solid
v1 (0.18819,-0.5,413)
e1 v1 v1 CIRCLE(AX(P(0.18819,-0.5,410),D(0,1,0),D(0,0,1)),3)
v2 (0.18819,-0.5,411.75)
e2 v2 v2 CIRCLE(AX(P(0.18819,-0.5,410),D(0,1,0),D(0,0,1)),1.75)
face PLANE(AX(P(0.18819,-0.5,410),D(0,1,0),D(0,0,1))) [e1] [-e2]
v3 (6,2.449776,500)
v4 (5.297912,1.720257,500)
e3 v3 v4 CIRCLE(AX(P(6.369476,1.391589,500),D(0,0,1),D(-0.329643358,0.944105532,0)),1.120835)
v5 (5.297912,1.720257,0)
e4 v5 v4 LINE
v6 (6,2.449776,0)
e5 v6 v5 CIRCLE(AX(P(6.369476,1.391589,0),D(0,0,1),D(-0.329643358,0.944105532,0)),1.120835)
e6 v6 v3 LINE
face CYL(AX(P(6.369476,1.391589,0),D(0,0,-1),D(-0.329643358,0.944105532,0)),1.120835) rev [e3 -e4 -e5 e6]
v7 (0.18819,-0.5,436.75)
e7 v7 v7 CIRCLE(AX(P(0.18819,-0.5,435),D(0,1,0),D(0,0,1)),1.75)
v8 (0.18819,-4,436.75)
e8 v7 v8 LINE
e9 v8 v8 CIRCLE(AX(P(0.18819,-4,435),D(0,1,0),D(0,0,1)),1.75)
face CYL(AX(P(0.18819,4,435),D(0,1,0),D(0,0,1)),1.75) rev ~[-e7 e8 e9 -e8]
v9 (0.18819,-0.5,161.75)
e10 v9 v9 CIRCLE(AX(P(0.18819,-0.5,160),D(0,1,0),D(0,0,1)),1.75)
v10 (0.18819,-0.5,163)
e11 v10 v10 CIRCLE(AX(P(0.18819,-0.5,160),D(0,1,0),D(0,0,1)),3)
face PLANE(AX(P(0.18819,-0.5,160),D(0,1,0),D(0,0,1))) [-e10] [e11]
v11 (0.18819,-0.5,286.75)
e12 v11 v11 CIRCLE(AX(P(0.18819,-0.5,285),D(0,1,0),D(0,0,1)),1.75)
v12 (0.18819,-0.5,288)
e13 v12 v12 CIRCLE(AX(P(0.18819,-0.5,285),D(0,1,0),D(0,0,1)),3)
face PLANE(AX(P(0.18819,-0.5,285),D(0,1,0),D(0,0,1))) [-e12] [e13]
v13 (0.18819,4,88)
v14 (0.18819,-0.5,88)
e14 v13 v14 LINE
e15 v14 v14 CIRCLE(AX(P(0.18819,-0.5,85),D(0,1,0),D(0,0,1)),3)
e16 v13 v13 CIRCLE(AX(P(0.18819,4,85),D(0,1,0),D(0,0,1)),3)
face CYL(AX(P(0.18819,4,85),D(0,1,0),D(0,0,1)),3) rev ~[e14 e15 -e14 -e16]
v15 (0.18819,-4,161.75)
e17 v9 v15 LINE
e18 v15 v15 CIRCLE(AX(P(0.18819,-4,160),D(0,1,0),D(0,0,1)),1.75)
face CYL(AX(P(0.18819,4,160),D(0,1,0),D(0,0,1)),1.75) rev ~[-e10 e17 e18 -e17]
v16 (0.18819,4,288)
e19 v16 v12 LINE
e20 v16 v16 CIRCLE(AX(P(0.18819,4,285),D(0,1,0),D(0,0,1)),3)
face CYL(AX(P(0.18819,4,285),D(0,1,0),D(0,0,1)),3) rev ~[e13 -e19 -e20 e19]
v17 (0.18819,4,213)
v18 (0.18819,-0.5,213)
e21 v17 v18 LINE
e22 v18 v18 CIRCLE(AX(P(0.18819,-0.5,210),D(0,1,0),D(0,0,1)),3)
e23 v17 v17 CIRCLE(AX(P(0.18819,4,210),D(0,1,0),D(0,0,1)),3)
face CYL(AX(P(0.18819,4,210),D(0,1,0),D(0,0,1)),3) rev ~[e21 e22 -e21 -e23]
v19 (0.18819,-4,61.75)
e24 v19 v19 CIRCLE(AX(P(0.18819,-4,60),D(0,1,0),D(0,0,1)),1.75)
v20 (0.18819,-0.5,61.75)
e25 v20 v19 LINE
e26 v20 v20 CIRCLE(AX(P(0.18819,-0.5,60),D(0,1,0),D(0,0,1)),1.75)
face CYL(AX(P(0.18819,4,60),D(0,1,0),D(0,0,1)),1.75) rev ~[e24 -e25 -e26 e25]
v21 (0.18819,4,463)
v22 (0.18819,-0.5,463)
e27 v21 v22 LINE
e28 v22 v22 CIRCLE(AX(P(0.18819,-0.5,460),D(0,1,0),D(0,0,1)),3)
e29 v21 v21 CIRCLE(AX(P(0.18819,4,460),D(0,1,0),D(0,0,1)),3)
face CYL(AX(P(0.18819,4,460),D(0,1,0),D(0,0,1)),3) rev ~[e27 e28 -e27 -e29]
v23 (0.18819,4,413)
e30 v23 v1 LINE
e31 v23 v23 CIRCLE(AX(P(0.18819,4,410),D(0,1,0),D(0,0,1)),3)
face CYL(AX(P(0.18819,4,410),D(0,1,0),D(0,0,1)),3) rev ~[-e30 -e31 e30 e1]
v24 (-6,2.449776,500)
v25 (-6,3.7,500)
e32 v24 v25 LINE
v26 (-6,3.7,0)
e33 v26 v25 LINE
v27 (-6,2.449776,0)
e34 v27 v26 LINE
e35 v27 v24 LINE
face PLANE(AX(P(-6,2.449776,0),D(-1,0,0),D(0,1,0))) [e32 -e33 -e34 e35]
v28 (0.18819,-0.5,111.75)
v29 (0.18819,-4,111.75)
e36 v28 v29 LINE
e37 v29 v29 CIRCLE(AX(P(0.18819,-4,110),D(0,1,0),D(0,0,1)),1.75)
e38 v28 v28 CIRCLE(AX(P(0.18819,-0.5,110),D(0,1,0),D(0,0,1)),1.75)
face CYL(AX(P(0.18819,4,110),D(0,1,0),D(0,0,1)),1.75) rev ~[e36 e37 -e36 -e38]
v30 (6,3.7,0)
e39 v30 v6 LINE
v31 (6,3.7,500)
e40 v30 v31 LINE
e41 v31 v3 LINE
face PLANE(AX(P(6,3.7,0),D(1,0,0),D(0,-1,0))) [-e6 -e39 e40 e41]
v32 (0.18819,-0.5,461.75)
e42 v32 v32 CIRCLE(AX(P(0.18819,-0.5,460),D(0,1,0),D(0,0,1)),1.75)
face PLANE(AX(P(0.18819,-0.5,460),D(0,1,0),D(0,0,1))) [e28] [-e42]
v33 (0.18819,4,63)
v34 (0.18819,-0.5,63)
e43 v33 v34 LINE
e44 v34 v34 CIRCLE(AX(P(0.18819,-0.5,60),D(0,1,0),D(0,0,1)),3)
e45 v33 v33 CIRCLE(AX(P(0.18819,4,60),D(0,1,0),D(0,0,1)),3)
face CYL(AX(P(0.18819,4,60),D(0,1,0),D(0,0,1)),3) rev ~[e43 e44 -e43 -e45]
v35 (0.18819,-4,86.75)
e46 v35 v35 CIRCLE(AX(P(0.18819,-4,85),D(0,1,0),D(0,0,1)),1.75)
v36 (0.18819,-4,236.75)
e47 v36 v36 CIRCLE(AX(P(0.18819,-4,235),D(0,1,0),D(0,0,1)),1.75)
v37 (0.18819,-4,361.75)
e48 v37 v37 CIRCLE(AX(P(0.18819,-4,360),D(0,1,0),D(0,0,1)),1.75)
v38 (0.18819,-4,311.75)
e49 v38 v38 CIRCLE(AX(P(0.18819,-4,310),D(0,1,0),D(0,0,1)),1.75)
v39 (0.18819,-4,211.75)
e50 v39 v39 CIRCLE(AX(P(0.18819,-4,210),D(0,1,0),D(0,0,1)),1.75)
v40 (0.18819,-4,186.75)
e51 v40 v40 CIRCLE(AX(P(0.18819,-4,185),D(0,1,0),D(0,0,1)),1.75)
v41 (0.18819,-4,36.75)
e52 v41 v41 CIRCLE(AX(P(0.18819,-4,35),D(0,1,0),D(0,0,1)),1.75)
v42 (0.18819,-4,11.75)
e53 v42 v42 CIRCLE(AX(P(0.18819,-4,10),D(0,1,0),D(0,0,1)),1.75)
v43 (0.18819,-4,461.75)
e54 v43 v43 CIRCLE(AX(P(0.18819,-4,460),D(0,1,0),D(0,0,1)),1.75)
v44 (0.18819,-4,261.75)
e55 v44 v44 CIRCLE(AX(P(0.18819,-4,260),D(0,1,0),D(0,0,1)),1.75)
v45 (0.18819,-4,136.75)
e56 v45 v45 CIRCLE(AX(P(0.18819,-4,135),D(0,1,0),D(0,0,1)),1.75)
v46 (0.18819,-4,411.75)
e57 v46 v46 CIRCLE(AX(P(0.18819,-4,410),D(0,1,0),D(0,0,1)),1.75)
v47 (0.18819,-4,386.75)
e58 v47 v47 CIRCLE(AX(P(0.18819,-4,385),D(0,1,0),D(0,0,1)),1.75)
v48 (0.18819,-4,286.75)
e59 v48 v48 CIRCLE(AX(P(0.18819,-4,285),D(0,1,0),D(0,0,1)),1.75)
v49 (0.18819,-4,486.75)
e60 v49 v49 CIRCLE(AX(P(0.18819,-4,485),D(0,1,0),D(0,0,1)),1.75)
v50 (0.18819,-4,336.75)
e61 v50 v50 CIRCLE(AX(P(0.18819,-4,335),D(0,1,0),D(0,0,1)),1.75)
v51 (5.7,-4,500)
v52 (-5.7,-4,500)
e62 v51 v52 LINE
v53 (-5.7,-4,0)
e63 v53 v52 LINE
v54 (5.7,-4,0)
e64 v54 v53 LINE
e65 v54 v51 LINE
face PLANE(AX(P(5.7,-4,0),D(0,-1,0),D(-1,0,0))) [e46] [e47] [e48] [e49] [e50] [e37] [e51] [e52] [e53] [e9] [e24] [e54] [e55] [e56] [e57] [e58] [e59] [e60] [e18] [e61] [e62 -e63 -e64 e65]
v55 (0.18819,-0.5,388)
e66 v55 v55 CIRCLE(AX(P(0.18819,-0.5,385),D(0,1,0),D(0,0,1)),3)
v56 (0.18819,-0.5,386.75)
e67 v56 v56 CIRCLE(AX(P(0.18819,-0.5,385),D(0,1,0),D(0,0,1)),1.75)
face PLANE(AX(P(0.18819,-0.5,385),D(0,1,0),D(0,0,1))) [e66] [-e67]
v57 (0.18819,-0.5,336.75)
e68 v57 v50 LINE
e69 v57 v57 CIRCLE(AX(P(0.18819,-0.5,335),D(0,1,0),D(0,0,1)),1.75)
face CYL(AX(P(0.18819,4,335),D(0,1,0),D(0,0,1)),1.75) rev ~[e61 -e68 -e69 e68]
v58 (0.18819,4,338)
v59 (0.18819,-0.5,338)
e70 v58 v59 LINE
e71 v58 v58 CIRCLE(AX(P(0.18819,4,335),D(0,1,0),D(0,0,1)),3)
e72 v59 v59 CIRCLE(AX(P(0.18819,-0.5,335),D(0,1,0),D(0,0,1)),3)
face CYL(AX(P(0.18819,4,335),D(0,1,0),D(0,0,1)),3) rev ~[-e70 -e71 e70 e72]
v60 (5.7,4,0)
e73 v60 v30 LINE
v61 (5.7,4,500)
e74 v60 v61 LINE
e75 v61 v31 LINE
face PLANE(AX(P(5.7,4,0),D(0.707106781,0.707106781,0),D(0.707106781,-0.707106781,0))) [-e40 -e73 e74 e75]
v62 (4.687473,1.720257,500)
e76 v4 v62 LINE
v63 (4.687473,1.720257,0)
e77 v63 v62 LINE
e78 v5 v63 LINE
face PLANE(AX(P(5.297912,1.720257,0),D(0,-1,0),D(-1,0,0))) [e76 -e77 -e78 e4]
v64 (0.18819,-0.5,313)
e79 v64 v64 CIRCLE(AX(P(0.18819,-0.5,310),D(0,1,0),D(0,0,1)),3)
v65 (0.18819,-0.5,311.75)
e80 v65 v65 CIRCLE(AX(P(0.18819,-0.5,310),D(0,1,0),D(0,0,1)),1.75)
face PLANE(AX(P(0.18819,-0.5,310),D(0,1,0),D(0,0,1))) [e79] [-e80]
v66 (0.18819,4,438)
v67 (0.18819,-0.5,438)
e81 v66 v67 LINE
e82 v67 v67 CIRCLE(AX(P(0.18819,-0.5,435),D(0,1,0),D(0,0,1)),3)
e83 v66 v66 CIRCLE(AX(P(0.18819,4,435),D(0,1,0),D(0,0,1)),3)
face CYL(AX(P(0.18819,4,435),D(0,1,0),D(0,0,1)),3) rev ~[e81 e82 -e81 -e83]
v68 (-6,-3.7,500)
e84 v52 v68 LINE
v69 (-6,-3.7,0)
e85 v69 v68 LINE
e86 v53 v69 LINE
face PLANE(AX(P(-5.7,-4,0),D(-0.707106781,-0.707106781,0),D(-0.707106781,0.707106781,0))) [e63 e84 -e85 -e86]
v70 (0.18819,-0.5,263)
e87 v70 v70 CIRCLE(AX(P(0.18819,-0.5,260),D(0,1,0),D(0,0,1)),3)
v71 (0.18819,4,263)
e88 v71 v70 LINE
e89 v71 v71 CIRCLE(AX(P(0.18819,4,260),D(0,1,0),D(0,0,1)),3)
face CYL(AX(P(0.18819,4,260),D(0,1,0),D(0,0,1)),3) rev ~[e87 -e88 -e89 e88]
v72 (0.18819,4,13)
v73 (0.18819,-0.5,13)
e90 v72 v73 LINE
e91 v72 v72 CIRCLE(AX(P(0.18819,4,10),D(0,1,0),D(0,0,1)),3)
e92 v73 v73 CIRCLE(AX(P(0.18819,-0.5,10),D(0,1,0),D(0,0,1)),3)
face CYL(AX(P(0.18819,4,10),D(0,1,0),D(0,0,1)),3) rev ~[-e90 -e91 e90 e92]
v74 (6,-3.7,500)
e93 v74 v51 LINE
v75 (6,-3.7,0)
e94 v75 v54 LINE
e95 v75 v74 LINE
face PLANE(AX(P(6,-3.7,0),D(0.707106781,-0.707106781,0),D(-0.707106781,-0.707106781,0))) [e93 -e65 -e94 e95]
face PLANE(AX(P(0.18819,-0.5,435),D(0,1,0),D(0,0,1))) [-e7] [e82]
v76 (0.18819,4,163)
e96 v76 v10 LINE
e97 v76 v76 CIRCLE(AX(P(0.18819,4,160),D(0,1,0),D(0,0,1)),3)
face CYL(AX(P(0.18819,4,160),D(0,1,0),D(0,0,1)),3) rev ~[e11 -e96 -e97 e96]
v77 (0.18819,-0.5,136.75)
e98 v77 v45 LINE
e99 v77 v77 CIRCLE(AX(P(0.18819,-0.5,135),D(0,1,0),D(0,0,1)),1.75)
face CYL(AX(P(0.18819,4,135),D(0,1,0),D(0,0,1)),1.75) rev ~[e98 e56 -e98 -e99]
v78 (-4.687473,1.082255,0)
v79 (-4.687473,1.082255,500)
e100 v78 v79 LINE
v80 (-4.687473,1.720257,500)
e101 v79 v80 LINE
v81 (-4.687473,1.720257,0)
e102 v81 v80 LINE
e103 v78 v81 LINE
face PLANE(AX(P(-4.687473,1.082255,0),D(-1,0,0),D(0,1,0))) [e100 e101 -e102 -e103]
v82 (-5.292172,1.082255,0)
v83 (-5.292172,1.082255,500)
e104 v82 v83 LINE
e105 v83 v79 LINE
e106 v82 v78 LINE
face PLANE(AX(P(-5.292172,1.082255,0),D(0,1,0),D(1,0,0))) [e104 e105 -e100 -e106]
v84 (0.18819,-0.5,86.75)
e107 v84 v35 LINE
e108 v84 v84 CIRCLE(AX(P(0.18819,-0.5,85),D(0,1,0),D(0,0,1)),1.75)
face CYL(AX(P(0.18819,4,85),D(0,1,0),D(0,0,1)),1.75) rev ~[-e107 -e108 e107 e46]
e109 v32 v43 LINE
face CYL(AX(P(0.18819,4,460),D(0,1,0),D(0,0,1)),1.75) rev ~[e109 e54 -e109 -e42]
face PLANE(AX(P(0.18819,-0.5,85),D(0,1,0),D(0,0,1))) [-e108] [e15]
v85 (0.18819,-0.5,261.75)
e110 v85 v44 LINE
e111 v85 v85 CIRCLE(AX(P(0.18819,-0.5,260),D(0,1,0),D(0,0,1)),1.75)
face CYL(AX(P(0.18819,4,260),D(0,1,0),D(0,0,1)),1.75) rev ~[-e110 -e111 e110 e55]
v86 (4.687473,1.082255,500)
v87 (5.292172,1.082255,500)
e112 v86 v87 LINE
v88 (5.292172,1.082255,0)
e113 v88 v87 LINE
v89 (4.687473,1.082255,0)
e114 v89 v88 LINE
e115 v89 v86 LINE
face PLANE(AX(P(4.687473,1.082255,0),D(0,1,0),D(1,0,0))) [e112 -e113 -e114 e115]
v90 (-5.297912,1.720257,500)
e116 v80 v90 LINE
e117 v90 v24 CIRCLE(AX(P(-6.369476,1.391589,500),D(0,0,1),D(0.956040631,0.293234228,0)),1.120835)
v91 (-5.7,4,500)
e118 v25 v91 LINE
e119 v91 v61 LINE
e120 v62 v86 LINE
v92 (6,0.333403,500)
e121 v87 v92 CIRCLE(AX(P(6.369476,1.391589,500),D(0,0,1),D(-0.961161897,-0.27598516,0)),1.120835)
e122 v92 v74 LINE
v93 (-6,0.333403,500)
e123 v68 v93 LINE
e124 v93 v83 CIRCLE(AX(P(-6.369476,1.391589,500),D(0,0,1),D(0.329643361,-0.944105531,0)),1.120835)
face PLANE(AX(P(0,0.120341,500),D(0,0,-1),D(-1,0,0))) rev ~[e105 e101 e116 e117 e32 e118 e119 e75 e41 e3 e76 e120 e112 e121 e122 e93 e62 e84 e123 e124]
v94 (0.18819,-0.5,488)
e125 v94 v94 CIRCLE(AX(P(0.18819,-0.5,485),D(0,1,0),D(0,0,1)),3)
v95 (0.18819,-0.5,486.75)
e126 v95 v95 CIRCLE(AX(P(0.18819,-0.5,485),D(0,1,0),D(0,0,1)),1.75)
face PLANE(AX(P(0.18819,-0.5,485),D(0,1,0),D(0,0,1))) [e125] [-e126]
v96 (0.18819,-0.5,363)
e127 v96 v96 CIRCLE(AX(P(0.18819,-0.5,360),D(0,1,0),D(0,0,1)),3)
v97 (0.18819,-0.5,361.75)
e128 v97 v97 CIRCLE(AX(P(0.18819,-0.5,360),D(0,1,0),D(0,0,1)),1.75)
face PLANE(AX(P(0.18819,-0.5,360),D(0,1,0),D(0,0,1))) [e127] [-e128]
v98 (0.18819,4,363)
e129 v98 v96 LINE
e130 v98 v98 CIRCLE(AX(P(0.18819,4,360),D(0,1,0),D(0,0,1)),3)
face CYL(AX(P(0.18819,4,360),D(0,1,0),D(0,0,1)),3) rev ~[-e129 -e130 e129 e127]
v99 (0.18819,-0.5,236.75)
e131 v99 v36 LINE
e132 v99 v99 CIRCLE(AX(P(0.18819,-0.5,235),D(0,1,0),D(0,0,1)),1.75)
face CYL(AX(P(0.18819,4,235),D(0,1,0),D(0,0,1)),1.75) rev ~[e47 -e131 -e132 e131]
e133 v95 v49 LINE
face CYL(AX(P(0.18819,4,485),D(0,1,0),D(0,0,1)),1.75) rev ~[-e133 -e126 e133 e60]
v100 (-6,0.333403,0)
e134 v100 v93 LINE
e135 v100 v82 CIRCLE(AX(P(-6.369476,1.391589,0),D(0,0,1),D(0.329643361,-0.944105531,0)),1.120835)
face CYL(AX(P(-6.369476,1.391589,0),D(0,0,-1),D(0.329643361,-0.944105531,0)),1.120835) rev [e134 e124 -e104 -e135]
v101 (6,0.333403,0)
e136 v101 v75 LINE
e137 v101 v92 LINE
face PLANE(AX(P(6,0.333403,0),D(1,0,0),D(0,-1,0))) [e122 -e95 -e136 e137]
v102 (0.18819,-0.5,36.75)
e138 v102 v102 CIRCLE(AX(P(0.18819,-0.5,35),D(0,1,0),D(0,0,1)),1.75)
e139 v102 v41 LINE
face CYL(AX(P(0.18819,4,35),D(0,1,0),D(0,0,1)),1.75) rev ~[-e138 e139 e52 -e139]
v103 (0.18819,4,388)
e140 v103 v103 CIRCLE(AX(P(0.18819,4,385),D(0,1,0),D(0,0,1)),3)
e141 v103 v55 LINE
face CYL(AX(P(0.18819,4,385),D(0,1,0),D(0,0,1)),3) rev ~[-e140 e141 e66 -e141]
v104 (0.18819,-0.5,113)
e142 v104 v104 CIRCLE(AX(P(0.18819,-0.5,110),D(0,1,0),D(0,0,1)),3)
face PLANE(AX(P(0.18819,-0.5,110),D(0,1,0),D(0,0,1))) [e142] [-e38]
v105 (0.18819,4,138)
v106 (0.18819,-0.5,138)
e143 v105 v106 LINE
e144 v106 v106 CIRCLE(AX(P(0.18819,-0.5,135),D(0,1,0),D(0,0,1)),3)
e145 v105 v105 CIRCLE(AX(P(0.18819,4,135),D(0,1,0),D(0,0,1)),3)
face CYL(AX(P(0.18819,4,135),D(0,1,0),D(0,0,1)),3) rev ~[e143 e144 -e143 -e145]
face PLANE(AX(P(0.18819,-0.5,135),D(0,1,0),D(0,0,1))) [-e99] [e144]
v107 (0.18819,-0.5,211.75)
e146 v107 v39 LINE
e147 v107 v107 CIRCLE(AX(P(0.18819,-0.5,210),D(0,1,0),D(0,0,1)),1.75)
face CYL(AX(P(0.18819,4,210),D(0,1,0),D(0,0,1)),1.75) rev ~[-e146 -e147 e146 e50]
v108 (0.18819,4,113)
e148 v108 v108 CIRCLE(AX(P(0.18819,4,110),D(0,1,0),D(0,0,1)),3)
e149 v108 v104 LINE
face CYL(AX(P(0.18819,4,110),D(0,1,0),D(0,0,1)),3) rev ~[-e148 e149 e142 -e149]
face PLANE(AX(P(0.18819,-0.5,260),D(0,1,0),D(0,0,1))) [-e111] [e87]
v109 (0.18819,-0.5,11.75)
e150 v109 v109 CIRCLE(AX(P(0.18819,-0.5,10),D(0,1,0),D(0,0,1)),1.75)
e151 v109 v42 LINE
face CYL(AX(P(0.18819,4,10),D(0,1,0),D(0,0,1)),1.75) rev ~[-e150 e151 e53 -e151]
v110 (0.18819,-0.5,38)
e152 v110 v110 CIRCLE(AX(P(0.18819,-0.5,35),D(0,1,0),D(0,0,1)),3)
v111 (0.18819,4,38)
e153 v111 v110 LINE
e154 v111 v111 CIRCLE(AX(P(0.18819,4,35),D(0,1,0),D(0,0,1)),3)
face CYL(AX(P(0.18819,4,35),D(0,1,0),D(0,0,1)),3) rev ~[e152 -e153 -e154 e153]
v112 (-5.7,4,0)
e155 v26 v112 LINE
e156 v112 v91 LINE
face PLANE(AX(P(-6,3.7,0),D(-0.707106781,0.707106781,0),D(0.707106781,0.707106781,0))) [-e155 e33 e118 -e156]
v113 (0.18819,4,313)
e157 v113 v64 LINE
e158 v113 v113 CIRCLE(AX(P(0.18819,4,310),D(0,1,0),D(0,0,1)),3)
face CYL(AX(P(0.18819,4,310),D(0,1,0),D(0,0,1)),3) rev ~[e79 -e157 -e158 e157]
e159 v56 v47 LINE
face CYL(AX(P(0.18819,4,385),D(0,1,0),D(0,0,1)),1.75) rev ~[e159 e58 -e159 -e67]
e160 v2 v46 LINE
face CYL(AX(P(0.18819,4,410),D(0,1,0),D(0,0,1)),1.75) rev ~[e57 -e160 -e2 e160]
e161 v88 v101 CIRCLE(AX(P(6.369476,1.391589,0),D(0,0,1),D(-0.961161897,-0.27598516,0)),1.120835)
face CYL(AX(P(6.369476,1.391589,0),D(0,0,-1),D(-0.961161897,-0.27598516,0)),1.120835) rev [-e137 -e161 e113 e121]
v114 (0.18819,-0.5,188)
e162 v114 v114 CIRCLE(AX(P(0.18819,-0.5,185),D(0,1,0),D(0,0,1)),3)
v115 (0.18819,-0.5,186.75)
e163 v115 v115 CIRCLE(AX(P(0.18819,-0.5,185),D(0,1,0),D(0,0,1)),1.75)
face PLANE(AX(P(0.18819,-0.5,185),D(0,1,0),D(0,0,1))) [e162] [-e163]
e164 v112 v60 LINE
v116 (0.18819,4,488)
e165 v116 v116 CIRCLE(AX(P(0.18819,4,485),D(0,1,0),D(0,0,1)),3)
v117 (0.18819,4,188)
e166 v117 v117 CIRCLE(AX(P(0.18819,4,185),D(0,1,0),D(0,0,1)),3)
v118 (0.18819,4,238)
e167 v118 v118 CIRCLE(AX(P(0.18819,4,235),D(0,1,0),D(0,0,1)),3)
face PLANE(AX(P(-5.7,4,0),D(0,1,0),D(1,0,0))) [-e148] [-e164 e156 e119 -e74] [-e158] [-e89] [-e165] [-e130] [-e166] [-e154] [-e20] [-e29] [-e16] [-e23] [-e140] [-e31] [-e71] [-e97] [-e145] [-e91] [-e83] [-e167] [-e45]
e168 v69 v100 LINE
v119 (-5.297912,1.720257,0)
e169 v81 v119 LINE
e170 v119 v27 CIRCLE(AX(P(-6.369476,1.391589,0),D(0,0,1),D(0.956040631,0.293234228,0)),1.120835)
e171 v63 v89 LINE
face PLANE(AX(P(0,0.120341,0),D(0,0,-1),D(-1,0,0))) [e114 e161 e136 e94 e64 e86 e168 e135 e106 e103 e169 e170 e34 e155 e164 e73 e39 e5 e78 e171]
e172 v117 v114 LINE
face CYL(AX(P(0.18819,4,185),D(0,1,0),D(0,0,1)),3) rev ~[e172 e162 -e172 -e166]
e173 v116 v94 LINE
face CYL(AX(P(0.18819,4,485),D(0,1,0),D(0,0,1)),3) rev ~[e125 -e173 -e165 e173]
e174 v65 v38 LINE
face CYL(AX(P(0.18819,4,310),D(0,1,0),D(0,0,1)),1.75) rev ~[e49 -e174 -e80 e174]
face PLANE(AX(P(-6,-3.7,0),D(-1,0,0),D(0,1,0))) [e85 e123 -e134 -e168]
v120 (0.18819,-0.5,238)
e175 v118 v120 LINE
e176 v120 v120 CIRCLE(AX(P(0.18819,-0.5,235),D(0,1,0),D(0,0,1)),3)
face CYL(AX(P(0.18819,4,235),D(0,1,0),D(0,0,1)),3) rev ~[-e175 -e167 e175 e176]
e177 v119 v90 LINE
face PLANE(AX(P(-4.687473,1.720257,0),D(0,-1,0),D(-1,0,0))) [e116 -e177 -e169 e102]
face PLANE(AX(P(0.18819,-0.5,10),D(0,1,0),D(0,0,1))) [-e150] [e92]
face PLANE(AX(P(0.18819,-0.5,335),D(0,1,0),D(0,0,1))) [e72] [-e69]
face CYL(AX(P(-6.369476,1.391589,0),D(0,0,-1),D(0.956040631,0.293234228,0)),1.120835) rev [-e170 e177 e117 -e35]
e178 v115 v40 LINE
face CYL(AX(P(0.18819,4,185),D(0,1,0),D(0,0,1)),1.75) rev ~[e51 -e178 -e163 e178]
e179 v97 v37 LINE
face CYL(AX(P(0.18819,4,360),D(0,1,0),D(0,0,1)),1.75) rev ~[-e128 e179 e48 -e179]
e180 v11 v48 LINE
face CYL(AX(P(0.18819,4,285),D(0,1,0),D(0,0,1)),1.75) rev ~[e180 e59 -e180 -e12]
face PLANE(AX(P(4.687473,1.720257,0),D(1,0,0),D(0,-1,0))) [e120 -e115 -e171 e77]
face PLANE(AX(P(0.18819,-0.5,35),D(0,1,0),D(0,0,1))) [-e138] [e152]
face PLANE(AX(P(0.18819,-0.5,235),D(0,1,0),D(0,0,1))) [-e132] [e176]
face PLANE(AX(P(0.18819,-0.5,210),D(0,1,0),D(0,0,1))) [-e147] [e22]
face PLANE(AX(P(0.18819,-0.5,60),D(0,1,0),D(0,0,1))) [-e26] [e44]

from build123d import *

# Parameters (mm, degrees)
EXTRUDE_1_DEPTH        = 500
SKETCH_2_R             = 3
SKETCH_2_R_2           = 1.75
CUT_EXTRUDE_1_DEPTH    = 4.5
SKETCH_2_2_R           = 1.75
CUT_EXTRUDE_2_DEPTH    = 501.099990002
PATTERN_LINEAR_1_COUNT = 20
PATTERN_LINEAR_1_PITCH = 25


with BuildPart() as part:
    # Эскиз1 → Бобышка-Вытянуть1 (new body)
    with BuildSketch(Plane.XY):
        with BuildLine():
            Line((-6, 3.7), (-5.7, 4))
            Line((-5.7, 4), (5.7, 4))
            Line((5.7, 4), (6, 3.7))
            Line((6, 3.7), (6, 2.449776022))
            ThreePointArc((6, 2.449776022), (5.561887715, 2.168810579), (5.297911886, 1.720256551))
            Line((5.297911886, 1.720256551), (4.687472904, 1.720256551))
            Line((4.687472904, 1.720256551), (4.687472904, 1.082255421))
            Line((4.687472904, 1.082255421), (5.292171789, 1.082255421))
            ThreePointArc((5.292171789, 1.082255421), (5.554928022, 0.621665058), (6, 0.333402583))
            Line((6, 0.333402583), (6, -3.7))
            Line((6, -3.7), (5.7, -4))
            Line((5.7, -4), (-5.7, -4))
            Line((-5.7, -4), (-6, -3.7))
            Line((-6, -3.7), (-6, 0.333402583))
            ThreePointArc((-6, 0.333402583), (-5.554928022, 0.621665058), (-5.292171789, 1.082255421))
            Line((-5.292171789, 1.082255421), (-4.687472904, 1.082255421))
            Line((-4.687472904, 1.082255421), (-4.687472904, 1.720256551))
            Line((-4.687472904, 1.720256551), (-5.297911886, 1.720256551))
            ThreePointArc((-5.297911886, 1.720256551), (-5.561887715, 2.168810579), (-6, 2.449776022))
            Line((-6, 2.449776022), (-6, 3.7))
        make_face()
    extrude(amount=EXTRUDE_1_DEPTH)

    # Эскиз2 → Вырез-Вытянуть1 (cut)
    with BuildSketch(Plane(origin=(0, 4, 0), x_dir=(1, 0, 0), z_dir=(0, 1, 0))):
        with Locations((0.188190244, -10)):
            Circle(SKETCH_2_R)
        with Locations((0.188190244, -10)):
            Circle(SKETCH_2_R_2, mode=Mode.SUBTRACT)
    cut_extrude_1 = extrude(amount=-CUT_EXTRUDE_1_DEPTH, mode=Mode.SUBTRACT)

    # Эскиз2<2> → Вырез-Вытянуть2 (cut, through all)
    with BuildSketch(Plane(origin=(0, 4, 0), x_dir=(1, 0, 0), z_dir=(0, 1, 0))):
        with Locations((0.188190244, -10)):
            Circle(SKETCH_2_2_R)
    cut_extrude_2 = extrude(amount=-CUT_EXTRUDE_2_DEPTH, mode=Mode.SUBTRACT)

    # Линейный массив1: Вырез-Вытянуть1, Вырез-Вытянуть2 ×20
    with Locations(*[(0, 0, i * PATTERN_LINEAR_1_PITCH) for i in range(1, PATTERN_LINEAR_1_COUNT)]):
        add(cut_extrude_1, mode=Mode.SUBTRACT)
        add(cut_extrude_2, mode=Mode.SUBTRACT)


solid = part.part
